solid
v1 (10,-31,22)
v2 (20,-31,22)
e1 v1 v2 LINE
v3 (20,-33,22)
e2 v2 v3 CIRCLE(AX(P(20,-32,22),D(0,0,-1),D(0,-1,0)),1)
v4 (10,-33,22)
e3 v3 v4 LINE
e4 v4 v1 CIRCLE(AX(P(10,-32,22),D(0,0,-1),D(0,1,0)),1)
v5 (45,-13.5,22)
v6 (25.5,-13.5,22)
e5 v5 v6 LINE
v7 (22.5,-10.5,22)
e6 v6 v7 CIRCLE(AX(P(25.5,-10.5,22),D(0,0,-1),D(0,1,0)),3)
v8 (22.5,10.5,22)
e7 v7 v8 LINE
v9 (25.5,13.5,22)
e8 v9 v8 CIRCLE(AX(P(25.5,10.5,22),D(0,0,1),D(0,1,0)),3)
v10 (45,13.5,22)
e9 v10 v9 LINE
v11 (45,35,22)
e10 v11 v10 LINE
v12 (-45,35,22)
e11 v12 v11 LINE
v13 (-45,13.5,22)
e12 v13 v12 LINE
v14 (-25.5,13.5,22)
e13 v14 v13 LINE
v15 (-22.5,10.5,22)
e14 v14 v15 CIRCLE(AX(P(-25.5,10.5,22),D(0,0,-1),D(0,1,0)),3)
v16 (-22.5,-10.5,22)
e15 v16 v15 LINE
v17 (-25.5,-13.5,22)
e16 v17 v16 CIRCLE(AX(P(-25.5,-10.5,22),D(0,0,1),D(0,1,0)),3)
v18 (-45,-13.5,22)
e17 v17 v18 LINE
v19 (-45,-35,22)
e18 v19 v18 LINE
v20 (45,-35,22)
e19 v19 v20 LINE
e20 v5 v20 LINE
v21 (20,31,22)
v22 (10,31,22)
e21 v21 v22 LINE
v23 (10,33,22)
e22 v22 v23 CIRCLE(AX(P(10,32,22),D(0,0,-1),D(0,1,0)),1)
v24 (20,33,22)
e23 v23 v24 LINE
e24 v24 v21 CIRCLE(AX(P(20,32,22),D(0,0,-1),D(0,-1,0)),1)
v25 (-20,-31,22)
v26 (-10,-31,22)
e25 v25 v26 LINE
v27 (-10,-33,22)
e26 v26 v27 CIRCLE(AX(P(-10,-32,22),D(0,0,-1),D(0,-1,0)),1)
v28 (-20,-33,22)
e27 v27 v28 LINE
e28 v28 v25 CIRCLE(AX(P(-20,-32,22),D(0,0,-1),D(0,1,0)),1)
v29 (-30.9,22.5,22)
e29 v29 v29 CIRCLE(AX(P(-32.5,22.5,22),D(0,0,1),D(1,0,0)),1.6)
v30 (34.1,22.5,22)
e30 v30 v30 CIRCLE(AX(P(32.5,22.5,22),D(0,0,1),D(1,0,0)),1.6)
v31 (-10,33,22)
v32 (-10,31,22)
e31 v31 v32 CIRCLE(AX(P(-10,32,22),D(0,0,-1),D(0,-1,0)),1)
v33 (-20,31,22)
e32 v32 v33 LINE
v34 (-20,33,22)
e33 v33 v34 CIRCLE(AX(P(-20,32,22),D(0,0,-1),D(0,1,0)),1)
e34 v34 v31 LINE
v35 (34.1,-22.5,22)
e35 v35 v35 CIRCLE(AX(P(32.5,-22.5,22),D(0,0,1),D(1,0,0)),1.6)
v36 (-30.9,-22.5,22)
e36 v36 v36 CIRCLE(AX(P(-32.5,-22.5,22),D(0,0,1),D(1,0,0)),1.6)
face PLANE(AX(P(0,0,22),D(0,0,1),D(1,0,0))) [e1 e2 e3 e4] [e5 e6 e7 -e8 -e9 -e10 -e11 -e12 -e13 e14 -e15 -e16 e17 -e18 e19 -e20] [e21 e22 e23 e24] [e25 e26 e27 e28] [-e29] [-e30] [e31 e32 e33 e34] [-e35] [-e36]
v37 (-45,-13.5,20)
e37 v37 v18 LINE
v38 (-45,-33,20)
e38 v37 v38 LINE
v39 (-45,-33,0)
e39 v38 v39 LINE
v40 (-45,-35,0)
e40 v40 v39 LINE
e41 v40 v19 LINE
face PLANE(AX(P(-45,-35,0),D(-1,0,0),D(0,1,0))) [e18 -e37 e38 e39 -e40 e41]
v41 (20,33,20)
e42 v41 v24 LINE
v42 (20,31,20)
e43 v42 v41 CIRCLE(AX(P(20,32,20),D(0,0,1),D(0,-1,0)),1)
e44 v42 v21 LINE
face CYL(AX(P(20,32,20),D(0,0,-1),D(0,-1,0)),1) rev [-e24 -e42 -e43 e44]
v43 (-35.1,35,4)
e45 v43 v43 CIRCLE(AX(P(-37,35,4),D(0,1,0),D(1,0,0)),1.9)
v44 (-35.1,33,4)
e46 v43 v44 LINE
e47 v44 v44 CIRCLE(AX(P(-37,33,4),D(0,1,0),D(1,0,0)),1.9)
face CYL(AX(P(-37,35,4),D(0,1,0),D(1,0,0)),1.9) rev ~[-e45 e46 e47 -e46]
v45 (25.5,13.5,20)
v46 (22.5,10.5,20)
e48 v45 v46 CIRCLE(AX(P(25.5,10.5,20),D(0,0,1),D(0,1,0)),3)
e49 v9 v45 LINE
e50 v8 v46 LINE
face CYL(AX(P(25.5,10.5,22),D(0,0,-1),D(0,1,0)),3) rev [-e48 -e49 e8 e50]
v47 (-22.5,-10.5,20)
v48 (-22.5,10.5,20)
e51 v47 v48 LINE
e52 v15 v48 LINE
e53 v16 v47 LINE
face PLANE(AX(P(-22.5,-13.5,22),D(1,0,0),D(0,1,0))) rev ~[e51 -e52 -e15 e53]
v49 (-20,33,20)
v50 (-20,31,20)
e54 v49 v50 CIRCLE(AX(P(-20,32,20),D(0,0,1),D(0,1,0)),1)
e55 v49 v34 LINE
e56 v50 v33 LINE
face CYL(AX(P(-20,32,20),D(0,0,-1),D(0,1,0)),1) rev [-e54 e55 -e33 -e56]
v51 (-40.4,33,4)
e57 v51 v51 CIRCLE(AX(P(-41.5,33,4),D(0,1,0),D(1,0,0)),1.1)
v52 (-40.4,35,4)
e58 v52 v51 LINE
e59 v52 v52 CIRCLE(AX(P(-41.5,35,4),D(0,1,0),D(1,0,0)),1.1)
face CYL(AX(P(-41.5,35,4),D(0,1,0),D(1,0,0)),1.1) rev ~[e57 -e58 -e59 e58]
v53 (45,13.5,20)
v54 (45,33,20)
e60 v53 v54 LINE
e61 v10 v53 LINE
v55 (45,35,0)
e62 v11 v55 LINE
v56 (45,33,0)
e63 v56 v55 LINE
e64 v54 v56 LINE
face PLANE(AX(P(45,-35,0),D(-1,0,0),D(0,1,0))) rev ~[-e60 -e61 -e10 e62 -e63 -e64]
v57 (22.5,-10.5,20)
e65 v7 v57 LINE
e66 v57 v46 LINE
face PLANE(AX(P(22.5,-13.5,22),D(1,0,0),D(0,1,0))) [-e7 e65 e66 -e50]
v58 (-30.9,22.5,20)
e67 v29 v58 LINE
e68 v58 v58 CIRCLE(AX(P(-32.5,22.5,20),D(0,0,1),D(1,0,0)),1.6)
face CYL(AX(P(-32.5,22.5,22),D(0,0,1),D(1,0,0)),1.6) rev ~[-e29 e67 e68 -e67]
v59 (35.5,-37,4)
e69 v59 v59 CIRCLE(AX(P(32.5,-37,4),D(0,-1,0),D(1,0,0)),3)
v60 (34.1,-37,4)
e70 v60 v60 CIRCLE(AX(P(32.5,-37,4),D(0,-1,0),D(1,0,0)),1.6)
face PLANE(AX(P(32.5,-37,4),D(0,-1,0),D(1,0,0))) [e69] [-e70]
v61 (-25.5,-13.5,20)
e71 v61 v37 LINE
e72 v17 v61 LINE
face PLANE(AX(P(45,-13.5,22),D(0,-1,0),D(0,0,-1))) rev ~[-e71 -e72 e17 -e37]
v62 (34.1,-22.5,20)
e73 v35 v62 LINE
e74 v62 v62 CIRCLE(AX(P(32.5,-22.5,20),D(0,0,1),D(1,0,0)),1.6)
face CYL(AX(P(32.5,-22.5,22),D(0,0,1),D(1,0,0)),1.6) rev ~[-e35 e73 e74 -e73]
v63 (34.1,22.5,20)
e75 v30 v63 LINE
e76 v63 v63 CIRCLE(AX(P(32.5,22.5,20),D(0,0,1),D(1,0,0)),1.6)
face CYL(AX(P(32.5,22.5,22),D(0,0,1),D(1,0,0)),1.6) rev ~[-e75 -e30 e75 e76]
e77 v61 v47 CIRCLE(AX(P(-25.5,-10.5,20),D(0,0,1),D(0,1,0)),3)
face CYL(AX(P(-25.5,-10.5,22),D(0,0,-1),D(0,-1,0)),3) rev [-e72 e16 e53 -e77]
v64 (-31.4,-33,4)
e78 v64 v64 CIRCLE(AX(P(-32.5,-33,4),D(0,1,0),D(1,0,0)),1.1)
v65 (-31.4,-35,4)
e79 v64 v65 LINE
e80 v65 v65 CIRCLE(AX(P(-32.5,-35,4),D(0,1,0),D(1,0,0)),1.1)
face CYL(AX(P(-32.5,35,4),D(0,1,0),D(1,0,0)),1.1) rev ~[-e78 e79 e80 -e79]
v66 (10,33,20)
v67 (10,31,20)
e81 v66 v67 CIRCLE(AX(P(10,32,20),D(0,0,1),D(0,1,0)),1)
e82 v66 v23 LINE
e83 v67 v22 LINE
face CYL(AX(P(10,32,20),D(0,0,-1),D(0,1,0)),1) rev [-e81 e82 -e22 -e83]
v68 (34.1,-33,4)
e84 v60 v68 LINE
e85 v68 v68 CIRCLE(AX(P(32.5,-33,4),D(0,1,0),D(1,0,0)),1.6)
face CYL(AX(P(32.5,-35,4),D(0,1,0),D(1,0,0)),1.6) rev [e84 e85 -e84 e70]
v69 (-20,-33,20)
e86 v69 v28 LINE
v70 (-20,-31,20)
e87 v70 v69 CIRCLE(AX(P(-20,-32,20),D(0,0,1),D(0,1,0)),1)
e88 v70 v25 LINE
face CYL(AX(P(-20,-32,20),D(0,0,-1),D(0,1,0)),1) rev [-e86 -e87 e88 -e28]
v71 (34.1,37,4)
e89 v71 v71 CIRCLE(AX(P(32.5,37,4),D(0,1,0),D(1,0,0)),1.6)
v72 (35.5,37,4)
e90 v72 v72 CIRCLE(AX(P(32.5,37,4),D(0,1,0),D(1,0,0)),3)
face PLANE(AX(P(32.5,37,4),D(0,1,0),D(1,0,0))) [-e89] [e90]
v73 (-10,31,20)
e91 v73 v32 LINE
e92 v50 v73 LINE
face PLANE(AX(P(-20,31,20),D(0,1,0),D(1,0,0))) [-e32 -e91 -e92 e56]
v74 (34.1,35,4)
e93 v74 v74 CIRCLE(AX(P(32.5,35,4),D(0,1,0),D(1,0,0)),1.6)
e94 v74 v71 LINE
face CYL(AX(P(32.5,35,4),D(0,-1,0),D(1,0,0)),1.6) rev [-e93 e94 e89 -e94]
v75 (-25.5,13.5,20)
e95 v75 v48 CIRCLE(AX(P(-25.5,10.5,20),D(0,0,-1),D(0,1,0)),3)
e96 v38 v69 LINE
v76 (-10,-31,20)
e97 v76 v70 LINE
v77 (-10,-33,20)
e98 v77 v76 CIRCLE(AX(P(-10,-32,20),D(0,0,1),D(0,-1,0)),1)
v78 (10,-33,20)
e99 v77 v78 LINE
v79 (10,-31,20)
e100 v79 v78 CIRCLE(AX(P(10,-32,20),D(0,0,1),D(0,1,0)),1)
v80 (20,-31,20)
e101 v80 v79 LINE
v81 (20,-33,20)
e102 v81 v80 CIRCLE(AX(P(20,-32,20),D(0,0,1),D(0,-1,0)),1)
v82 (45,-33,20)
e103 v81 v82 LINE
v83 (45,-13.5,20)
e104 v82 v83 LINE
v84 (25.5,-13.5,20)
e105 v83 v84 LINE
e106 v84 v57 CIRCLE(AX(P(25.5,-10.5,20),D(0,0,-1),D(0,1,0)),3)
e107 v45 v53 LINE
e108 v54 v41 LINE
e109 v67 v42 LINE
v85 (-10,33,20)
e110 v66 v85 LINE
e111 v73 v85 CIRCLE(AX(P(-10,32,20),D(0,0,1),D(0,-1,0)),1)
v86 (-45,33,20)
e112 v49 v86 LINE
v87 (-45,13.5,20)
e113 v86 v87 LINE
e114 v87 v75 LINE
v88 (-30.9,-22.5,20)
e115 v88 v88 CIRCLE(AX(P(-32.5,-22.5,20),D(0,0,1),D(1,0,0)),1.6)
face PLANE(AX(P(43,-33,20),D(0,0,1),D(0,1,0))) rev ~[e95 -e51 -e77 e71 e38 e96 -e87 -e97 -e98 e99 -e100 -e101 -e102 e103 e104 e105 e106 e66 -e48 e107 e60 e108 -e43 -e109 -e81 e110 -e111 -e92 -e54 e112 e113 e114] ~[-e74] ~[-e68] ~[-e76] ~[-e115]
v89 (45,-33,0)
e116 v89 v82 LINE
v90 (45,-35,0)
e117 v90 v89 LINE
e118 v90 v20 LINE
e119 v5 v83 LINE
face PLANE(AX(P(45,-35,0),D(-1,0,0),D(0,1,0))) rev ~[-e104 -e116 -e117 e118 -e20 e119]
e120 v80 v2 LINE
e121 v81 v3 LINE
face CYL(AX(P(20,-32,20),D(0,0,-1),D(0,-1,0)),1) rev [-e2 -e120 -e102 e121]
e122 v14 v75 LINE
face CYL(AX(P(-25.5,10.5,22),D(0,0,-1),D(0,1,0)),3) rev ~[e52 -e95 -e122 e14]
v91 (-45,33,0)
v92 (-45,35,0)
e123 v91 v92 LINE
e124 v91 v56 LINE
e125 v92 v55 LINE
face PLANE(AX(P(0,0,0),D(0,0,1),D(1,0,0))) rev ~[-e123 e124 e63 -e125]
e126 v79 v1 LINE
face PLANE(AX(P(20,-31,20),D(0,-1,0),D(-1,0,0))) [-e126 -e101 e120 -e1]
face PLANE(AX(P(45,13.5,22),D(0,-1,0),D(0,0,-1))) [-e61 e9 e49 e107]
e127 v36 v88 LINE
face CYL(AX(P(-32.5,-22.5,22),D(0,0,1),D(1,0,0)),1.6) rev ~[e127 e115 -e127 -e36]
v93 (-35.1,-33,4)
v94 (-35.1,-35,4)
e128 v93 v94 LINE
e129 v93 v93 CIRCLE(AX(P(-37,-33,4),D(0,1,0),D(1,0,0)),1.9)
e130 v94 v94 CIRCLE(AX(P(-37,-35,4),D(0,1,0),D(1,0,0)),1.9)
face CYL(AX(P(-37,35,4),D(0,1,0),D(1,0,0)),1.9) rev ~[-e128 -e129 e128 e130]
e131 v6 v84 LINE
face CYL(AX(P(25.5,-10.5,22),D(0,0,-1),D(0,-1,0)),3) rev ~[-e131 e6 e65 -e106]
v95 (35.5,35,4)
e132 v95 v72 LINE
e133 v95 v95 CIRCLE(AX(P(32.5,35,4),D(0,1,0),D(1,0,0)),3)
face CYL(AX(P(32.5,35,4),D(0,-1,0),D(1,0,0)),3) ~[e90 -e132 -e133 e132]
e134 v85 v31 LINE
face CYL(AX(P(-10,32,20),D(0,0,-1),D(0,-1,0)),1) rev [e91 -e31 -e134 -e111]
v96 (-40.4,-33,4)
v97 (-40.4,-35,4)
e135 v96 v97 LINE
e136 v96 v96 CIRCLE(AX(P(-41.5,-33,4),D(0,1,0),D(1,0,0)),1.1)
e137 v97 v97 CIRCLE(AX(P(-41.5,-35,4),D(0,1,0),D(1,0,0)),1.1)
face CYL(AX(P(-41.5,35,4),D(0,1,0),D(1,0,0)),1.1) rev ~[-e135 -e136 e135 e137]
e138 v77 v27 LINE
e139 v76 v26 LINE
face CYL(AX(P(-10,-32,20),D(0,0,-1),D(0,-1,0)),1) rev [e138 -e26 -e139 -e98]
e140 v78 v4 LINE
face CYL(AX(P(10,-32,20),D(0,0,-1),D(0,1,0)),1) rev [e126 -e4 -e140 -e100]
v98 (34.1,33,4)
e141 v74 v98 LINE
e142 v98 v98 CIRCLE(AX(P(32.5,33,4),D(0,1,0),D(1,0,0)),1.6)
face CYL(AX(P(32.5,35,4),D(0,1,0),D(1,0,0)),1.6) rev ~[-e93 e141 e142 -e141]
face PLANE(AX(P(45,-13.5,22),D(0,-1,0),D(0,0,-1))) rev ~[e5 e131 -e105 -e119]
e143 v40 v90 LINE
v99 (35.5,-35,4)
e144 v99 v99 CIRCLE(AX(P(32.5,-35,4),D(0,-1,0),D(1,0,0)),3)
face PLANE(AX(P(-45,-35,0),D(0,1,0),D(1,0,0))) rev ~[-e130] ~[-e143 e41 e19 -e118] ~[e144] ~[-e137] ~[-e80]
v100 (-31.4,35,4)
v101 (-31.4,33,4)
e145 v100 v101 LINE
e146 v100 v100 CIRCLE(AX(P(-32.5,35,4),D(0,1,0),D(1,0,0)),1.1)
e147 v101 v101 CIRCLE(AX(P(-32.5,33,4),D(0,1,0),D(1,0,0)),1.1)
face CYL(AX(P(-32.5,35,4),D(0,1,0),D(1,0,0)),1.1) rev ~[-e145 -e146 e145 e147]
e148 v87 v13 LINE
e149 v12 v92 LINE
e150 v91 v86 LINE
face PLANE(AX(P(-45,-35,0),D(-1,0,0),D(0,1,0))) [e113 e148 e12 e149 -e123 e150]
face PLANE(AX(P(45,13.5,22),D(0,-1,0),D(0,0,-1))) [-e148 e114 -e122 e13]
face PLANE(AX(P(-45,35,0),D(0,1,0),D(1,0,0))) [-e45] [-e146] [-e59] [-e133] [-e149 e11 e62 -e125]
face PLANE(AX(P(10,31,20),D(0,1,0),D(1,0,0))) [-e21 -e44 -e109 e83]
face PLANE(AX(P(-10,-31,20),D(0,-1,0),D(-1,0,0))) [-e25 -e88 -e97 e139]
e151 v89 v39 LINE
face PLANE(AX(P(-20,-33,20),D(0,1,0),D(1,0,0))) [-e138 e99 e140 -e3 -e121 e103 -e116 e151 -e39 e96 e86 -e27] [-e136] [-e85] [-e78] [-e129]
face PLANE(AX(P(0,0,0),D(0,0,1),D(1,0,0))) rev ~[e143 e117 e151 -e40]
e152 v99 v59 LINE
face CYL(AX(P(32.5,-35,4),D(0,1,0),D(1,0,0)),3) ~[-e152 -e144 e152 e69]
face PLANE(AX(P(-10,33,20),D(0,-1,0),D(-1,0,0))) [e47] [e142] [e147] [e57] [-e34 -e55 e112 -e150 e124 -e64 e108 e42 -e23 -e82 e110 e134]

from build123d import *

# Parameters (mm, degrees)
SKETCH_1_W                = 90
SKETCH_1_H                = 70
SKETCH_1_W_2              = 86
SKETCH_1_H_2              = 66
EXTRUDE_1_DEPTH           = 22
SKETCH_2_W                = 90
SKETCH_2_H                = 70
EXTRUDE_2_DEPTH           = 2
CUT_EXTRUDE_1_DEPTH       = 1
CUT_EXTRUDE_1_DEPTH_BACK  = 91
SKETCH_4_R                = 1.5
CUT_EXTRUDE_2_DEPTH       = 1
CUT_EXTRUDE_2_DEPTH_BACK  = 91
CUT_EXTRUDE_3_DEPTH       = 21
CUT_EXTRUDE_3_DEPTH_BACK  = 3
SKETCH_7_R                = 1.9
SKETCH_7_R_2              = 1.6
CUT_EXTRUDE_4_DEPTH       = 1
CUT_EXTRUDE_4_DEPTH_BACK  = 71
SKETCH_9_R                = 1.1
CUT_EXTRUDE_5_DEPTH       = 1
CUT_EXTRUDE_5_DEPTH_BACK  = 71
SKETCH_10_R               = 3
SKETCH_10_R_2             = 1.6
EXTRUDE_3_DEPTH           = 2
SKETCH_11_R               = 3
SKETCH_11_R_2             = 1.6
EXTRUDE_4_DEPTH           = 2
SKETCH_12_R               = 1.6
CUT_EXTRUDE_6_DEPTH       = 1
CUT_EXTRUDE_6_DEPTH_BACK  = 23
SKETCH_16_W               = 11
SKETCH_16_H               = 27
CUT_EXTRUDE_9_DEPTH       = 1
CUT_EXTRUDE_9_DEPTH_BACK  = 91
SKETCH_17_W               = 45
SKETCH_17_H               = 27
EXTRUDE_6_DEPTH           = 2
FILLET_1_R                = 3
CUT_EXTRUDE_10_DEPTH      = 89
CUT_EXTRUDE_10_DEPTH_BACK = 3


with BuildPart() as part:
    # Эскиз1 → Бобышка-Вытянуть1 (new body)
    with BuildSketch(Plane.XY):
        Rectangle(SKETCH_1_W, SKETCH_1_H)
        Rectangle(SKETCH_1_W_2, SKETCH_1_H_2, mode=Mode.SUBTRACT)
    extrude(amount=EXTRUDE_1_DEPTH)

    # Эскиз2 → Бобышка-Вытянуть2 (add)
    with BuildSketch(Plane.XY.offset(22)):
        Rectangle(SKETCH_2_W, SKETCH_2_H)
    extrude(amount=-EXTRUDE_2_DEPTH)

    # Эскиз3 → Вырез-Вытянуть1 (cut, two sides)
    with BuildSketch(Plane.ZY.offset(45)) as cut_extrude_1_sk:
        with BuildLine():
            Line((17, 7.5), (17, -7.5))
            ThreePointArc((17, -7.5), (11, -13.5), (5, -7.5))
            Line((5, -7.5), (5, 7.5))
            ThreePointArc((5, 7.5), (11, 13.5), (17, 7.5))
        make_face()
    extrude(amount=CUT_EXTRUDE_1_DEPTH, mode=Mode.SUBTRACT)
    extrude(cut_extrude_1_sk.sketch, amount=-CUT_EXTRUDE_1_DEPTH_BACK, mode=Mode.SUBTRACT)

    # Эскиз4 → Вырез-Вытянуть2 (cut, two sides)
    with BuildSketch(Plane.ZY.offset(45)) as cut_extrude_2_sk:
        with Locations((11, 26)):
            Circle(SKETCH_4_R)
        with Locations((11, -26)):
            Circle(SKETCH_4_R)
    extrude(amount=CUT_EXTRUDE_2_DEPTH, mode=Mode.SUBTRACT)
    extrude(cut_extrude_2_sk.sketch, amount=-CUT_EXTRUDE_2_DEPTH_BACK, mode=Mode.SUBTRACT)

    # Эскиз5 → Вырез-Вытянуть3 (cut, two sides)
    with BuildSketch(Plane(origin=(0, 0, 20), x_dir=(-1, 0, 0), z_dir=(0, 0, -1))) as cut_extrude_3_sk:
        with BuildLine():
            Line((-10, 31), (-20, 31))
            ThreePointArc((-20, 31), (-21, 32), (-20, 33))
            Line((-20, 33), (-10, 33))
            ThreePointArc((-10, 33), (-9, 32), (-10, 31))
        make_face()
        with BuildLine():
            Line((10, 33), (20, 33))
            ThreePointArc((20, 33), (21, 32), (20, 31))
            Line((20, 31), (10, 31))
            ThreePointArc((10, 31), (9, 32), (10, 33))
        make_face()
        with BuildLine():
            Line((10, -31), (20, -31))
            ThreePointArc((20, -31), (21, -32), (20, -33))
            Line((20, -33), (10, -33))
            ThreePointArc((10, -33), (9, -32), (10, -31))
        make_face()
        with BuildLine():
            Line((-10, -33), (-20, -33))
            ThreePointArc((-20, -33), (-21, -32), (-20, -31))
            Line((-20, -31), (-10, -31))
            ThreePointArc((-10, -31), (-9, -32), (-10, -33))
        make_face()
    extrude(amount=CUT_EXTRUDE_3_DEPTH, mode=Mode.SUBTRACT)
    extrude(cut_extrude_3_sk.sketch, amount=-CUT_EXTRUDE_3_DEPTH_BACK, mode=Mode.SUBTRACT)

    # Эскиз7 → Вырез-Вытянуть4 (cut, two sides)
    with BuildSketch(Plane(origin=(0, 35, 0), x_dir=(1, 0, 0), z_dir=(0, 1, 0))) as cut_extrude_4_sk:
        with Locations((-37, -4)):
            Circle(SKETCH_7_R)
        with Locations((32.5, -4)):
            Circle(SKETCH_7_R_2)
    extrude(amount=CUT_EXTRUDE_4_DEPTH, mode=Mode.SUBTRACT)
    extrude(cut_extrude_4_sk.sketch, amount=-CUT_EXTRUDE_4_DEPTH_BACK, mode=Mode.SUBTRACT)

    # Эскиз9 → Вырез-Вытянуть5 (cut, two sides)
    with BuildSketch(Plane(origin=(0, 35, 0), x_dir=(1, 0, 0), z_dir=(0, 1, 0))) as cut_extrude_5_sk:
        with Locations((-32.5, -4)):
            Circle(SKETCH_9_R)
        with Locations((-41.5, -4)):
            Circle(SKETCH_9_R)
    extrude(amount=CUT_EXTRUDE_5_DEPTH, mode=Mode.SUBTRACT)
    extrude(cut_extrude_5_sk.sketch, amount=-CUT_EXTRUDE_5_DEPTH_BACK, mode=Mode.SUBTRACT)

    # Эскиз10 → Бобышка-Вытянуть3 (add)
    with BuildSketch(Plane(origin=(0, 35, 0), x_dir=(1, 0, 0), z_dir=(0, 1, 0))):
        with Locations((32.5, -4)):
            Circle(SKETCH_10_R)
        with Locations((32.5, -4)):
            Circle(SKETCH_10_R_2, mode=Mode.SUBTRACT)
    extrude(amount=EXTRUDE_3_DEPTH)

    # Эскиз11 → Бобышка-Вытянуть4 (add)
    with BuildSketch(Plane.XZ.offset(35)):
        with Locations((32.5, 4)):
            Circle(SKETCH_11_R)
        with Locations((32.5, 4)):
            Circle(SKETCH_11_R_2, mode=Mode.SUBTRACT)
    extrude(amount=EXTRUDE_4_DEPTH)

    # Эскиз12 → Вырез-Вытянуть6 (cut, two sides)
    with BuildSketch(Plane.XY.offset(22)) as cut_extrude_6_sk:
        with Locations((-32.5, 22.5)):
            Circle(SKETCH_12_R)
        with Locations((-32.5, -22.5)):
            Circle(SKETCH_12_R)
        with Locations((32.5, -22.5)):
            Circle(SKETCH_12_R)
        with Locations((32.5, 22.5)):
            Circle(SKETCH_12_R)
    extrude(amount=CUT_EXTRUDE_6_DEPTH, mode=Mode.SUBTRACT)
    extrude(cut_extrude_6_sk.sketch, amount=-CUT_EXTRUDE_6_DEPTH_BACK, mode=Mode.SUBTRACT)

    # Эскиз16 → Вырез-Вытянуть9 (cut, two sides)
    with BuildSketch(Plane(origin=(45, 0, 0), x_dir=(0, 0, -1), z_dir=(1, 0, 0))) as cut_extrude_9_sk:
        with Locations((-16.5, 0)):
            Rectangle(SKETCH_16_W, SKETCH_16_H)
    extrude(amount=CUT_EXTRUDE_9_DEPTH, mode=Mode.SUBTRACT)
    extrude(cut_extrude_9_sk.sketch, amount=-CUT_EXTRUDE_9_DEPTH_BACK, mode=Mode.SUBTRACT)

    # Эскиз17 → Бобышка-Вытянуть6 (add)
    with BuildSketch(Plane.XY.offset(22)):
        Rectangle(SKETCH_17_W, SKETCH_17_H)
    extrude(amount=-EXTRUDE_6_DEPTH)

    # Скругление1
    fillet_1_edges = [part.edges().sort_by_distance(p)[0] for p in [
        (-22.5, -13.5, 21),
        (-22.5, 13.5, 21),
        (22.5, 13.5, 21),
        (22.5, -13.5, 21),
    ]]
    fillet(fillet_1_edges, radius=FILLET_1_R)

    # Эскиз18 → Вырез-Вытянуть10 (cut, two sides)
    with BuildSketch(Plane.ZY.offset(-43)) as cut_extrude_10_sk:
        with BuildLine():
            Line((11, 13.5), (20, 13.5))
            Line((20, 13.5), (20, 33))
            Line((20, 33), (0, 33))
            Line((0, 33), (0, -33))
            Line((0, -33), (20, -33))
            Line((20, -33), (20, -13.5))
            Line((20, -13.5), (11, -13.5))
            ThreePointArc((11, -13.5), (6.757359313, -11.742640687), (5, -7.5))
            Line((5, -7.5), (5, 7.5))
            ThreePointArc((5, 7.5), (6.757359313, 11.742640687), (11, 13.5))
        make_face()
    extrude(amount=CUT_EXTRUDE_10_DEPTH, mode=Mode.SUBTRACT)
    extrude(cut_extrude_10_sk.sketch, amount=-CUT_EXTRUDE_10_DEPTH_BACK, mode=Mode.SUBTRACT)


solid = part.part
